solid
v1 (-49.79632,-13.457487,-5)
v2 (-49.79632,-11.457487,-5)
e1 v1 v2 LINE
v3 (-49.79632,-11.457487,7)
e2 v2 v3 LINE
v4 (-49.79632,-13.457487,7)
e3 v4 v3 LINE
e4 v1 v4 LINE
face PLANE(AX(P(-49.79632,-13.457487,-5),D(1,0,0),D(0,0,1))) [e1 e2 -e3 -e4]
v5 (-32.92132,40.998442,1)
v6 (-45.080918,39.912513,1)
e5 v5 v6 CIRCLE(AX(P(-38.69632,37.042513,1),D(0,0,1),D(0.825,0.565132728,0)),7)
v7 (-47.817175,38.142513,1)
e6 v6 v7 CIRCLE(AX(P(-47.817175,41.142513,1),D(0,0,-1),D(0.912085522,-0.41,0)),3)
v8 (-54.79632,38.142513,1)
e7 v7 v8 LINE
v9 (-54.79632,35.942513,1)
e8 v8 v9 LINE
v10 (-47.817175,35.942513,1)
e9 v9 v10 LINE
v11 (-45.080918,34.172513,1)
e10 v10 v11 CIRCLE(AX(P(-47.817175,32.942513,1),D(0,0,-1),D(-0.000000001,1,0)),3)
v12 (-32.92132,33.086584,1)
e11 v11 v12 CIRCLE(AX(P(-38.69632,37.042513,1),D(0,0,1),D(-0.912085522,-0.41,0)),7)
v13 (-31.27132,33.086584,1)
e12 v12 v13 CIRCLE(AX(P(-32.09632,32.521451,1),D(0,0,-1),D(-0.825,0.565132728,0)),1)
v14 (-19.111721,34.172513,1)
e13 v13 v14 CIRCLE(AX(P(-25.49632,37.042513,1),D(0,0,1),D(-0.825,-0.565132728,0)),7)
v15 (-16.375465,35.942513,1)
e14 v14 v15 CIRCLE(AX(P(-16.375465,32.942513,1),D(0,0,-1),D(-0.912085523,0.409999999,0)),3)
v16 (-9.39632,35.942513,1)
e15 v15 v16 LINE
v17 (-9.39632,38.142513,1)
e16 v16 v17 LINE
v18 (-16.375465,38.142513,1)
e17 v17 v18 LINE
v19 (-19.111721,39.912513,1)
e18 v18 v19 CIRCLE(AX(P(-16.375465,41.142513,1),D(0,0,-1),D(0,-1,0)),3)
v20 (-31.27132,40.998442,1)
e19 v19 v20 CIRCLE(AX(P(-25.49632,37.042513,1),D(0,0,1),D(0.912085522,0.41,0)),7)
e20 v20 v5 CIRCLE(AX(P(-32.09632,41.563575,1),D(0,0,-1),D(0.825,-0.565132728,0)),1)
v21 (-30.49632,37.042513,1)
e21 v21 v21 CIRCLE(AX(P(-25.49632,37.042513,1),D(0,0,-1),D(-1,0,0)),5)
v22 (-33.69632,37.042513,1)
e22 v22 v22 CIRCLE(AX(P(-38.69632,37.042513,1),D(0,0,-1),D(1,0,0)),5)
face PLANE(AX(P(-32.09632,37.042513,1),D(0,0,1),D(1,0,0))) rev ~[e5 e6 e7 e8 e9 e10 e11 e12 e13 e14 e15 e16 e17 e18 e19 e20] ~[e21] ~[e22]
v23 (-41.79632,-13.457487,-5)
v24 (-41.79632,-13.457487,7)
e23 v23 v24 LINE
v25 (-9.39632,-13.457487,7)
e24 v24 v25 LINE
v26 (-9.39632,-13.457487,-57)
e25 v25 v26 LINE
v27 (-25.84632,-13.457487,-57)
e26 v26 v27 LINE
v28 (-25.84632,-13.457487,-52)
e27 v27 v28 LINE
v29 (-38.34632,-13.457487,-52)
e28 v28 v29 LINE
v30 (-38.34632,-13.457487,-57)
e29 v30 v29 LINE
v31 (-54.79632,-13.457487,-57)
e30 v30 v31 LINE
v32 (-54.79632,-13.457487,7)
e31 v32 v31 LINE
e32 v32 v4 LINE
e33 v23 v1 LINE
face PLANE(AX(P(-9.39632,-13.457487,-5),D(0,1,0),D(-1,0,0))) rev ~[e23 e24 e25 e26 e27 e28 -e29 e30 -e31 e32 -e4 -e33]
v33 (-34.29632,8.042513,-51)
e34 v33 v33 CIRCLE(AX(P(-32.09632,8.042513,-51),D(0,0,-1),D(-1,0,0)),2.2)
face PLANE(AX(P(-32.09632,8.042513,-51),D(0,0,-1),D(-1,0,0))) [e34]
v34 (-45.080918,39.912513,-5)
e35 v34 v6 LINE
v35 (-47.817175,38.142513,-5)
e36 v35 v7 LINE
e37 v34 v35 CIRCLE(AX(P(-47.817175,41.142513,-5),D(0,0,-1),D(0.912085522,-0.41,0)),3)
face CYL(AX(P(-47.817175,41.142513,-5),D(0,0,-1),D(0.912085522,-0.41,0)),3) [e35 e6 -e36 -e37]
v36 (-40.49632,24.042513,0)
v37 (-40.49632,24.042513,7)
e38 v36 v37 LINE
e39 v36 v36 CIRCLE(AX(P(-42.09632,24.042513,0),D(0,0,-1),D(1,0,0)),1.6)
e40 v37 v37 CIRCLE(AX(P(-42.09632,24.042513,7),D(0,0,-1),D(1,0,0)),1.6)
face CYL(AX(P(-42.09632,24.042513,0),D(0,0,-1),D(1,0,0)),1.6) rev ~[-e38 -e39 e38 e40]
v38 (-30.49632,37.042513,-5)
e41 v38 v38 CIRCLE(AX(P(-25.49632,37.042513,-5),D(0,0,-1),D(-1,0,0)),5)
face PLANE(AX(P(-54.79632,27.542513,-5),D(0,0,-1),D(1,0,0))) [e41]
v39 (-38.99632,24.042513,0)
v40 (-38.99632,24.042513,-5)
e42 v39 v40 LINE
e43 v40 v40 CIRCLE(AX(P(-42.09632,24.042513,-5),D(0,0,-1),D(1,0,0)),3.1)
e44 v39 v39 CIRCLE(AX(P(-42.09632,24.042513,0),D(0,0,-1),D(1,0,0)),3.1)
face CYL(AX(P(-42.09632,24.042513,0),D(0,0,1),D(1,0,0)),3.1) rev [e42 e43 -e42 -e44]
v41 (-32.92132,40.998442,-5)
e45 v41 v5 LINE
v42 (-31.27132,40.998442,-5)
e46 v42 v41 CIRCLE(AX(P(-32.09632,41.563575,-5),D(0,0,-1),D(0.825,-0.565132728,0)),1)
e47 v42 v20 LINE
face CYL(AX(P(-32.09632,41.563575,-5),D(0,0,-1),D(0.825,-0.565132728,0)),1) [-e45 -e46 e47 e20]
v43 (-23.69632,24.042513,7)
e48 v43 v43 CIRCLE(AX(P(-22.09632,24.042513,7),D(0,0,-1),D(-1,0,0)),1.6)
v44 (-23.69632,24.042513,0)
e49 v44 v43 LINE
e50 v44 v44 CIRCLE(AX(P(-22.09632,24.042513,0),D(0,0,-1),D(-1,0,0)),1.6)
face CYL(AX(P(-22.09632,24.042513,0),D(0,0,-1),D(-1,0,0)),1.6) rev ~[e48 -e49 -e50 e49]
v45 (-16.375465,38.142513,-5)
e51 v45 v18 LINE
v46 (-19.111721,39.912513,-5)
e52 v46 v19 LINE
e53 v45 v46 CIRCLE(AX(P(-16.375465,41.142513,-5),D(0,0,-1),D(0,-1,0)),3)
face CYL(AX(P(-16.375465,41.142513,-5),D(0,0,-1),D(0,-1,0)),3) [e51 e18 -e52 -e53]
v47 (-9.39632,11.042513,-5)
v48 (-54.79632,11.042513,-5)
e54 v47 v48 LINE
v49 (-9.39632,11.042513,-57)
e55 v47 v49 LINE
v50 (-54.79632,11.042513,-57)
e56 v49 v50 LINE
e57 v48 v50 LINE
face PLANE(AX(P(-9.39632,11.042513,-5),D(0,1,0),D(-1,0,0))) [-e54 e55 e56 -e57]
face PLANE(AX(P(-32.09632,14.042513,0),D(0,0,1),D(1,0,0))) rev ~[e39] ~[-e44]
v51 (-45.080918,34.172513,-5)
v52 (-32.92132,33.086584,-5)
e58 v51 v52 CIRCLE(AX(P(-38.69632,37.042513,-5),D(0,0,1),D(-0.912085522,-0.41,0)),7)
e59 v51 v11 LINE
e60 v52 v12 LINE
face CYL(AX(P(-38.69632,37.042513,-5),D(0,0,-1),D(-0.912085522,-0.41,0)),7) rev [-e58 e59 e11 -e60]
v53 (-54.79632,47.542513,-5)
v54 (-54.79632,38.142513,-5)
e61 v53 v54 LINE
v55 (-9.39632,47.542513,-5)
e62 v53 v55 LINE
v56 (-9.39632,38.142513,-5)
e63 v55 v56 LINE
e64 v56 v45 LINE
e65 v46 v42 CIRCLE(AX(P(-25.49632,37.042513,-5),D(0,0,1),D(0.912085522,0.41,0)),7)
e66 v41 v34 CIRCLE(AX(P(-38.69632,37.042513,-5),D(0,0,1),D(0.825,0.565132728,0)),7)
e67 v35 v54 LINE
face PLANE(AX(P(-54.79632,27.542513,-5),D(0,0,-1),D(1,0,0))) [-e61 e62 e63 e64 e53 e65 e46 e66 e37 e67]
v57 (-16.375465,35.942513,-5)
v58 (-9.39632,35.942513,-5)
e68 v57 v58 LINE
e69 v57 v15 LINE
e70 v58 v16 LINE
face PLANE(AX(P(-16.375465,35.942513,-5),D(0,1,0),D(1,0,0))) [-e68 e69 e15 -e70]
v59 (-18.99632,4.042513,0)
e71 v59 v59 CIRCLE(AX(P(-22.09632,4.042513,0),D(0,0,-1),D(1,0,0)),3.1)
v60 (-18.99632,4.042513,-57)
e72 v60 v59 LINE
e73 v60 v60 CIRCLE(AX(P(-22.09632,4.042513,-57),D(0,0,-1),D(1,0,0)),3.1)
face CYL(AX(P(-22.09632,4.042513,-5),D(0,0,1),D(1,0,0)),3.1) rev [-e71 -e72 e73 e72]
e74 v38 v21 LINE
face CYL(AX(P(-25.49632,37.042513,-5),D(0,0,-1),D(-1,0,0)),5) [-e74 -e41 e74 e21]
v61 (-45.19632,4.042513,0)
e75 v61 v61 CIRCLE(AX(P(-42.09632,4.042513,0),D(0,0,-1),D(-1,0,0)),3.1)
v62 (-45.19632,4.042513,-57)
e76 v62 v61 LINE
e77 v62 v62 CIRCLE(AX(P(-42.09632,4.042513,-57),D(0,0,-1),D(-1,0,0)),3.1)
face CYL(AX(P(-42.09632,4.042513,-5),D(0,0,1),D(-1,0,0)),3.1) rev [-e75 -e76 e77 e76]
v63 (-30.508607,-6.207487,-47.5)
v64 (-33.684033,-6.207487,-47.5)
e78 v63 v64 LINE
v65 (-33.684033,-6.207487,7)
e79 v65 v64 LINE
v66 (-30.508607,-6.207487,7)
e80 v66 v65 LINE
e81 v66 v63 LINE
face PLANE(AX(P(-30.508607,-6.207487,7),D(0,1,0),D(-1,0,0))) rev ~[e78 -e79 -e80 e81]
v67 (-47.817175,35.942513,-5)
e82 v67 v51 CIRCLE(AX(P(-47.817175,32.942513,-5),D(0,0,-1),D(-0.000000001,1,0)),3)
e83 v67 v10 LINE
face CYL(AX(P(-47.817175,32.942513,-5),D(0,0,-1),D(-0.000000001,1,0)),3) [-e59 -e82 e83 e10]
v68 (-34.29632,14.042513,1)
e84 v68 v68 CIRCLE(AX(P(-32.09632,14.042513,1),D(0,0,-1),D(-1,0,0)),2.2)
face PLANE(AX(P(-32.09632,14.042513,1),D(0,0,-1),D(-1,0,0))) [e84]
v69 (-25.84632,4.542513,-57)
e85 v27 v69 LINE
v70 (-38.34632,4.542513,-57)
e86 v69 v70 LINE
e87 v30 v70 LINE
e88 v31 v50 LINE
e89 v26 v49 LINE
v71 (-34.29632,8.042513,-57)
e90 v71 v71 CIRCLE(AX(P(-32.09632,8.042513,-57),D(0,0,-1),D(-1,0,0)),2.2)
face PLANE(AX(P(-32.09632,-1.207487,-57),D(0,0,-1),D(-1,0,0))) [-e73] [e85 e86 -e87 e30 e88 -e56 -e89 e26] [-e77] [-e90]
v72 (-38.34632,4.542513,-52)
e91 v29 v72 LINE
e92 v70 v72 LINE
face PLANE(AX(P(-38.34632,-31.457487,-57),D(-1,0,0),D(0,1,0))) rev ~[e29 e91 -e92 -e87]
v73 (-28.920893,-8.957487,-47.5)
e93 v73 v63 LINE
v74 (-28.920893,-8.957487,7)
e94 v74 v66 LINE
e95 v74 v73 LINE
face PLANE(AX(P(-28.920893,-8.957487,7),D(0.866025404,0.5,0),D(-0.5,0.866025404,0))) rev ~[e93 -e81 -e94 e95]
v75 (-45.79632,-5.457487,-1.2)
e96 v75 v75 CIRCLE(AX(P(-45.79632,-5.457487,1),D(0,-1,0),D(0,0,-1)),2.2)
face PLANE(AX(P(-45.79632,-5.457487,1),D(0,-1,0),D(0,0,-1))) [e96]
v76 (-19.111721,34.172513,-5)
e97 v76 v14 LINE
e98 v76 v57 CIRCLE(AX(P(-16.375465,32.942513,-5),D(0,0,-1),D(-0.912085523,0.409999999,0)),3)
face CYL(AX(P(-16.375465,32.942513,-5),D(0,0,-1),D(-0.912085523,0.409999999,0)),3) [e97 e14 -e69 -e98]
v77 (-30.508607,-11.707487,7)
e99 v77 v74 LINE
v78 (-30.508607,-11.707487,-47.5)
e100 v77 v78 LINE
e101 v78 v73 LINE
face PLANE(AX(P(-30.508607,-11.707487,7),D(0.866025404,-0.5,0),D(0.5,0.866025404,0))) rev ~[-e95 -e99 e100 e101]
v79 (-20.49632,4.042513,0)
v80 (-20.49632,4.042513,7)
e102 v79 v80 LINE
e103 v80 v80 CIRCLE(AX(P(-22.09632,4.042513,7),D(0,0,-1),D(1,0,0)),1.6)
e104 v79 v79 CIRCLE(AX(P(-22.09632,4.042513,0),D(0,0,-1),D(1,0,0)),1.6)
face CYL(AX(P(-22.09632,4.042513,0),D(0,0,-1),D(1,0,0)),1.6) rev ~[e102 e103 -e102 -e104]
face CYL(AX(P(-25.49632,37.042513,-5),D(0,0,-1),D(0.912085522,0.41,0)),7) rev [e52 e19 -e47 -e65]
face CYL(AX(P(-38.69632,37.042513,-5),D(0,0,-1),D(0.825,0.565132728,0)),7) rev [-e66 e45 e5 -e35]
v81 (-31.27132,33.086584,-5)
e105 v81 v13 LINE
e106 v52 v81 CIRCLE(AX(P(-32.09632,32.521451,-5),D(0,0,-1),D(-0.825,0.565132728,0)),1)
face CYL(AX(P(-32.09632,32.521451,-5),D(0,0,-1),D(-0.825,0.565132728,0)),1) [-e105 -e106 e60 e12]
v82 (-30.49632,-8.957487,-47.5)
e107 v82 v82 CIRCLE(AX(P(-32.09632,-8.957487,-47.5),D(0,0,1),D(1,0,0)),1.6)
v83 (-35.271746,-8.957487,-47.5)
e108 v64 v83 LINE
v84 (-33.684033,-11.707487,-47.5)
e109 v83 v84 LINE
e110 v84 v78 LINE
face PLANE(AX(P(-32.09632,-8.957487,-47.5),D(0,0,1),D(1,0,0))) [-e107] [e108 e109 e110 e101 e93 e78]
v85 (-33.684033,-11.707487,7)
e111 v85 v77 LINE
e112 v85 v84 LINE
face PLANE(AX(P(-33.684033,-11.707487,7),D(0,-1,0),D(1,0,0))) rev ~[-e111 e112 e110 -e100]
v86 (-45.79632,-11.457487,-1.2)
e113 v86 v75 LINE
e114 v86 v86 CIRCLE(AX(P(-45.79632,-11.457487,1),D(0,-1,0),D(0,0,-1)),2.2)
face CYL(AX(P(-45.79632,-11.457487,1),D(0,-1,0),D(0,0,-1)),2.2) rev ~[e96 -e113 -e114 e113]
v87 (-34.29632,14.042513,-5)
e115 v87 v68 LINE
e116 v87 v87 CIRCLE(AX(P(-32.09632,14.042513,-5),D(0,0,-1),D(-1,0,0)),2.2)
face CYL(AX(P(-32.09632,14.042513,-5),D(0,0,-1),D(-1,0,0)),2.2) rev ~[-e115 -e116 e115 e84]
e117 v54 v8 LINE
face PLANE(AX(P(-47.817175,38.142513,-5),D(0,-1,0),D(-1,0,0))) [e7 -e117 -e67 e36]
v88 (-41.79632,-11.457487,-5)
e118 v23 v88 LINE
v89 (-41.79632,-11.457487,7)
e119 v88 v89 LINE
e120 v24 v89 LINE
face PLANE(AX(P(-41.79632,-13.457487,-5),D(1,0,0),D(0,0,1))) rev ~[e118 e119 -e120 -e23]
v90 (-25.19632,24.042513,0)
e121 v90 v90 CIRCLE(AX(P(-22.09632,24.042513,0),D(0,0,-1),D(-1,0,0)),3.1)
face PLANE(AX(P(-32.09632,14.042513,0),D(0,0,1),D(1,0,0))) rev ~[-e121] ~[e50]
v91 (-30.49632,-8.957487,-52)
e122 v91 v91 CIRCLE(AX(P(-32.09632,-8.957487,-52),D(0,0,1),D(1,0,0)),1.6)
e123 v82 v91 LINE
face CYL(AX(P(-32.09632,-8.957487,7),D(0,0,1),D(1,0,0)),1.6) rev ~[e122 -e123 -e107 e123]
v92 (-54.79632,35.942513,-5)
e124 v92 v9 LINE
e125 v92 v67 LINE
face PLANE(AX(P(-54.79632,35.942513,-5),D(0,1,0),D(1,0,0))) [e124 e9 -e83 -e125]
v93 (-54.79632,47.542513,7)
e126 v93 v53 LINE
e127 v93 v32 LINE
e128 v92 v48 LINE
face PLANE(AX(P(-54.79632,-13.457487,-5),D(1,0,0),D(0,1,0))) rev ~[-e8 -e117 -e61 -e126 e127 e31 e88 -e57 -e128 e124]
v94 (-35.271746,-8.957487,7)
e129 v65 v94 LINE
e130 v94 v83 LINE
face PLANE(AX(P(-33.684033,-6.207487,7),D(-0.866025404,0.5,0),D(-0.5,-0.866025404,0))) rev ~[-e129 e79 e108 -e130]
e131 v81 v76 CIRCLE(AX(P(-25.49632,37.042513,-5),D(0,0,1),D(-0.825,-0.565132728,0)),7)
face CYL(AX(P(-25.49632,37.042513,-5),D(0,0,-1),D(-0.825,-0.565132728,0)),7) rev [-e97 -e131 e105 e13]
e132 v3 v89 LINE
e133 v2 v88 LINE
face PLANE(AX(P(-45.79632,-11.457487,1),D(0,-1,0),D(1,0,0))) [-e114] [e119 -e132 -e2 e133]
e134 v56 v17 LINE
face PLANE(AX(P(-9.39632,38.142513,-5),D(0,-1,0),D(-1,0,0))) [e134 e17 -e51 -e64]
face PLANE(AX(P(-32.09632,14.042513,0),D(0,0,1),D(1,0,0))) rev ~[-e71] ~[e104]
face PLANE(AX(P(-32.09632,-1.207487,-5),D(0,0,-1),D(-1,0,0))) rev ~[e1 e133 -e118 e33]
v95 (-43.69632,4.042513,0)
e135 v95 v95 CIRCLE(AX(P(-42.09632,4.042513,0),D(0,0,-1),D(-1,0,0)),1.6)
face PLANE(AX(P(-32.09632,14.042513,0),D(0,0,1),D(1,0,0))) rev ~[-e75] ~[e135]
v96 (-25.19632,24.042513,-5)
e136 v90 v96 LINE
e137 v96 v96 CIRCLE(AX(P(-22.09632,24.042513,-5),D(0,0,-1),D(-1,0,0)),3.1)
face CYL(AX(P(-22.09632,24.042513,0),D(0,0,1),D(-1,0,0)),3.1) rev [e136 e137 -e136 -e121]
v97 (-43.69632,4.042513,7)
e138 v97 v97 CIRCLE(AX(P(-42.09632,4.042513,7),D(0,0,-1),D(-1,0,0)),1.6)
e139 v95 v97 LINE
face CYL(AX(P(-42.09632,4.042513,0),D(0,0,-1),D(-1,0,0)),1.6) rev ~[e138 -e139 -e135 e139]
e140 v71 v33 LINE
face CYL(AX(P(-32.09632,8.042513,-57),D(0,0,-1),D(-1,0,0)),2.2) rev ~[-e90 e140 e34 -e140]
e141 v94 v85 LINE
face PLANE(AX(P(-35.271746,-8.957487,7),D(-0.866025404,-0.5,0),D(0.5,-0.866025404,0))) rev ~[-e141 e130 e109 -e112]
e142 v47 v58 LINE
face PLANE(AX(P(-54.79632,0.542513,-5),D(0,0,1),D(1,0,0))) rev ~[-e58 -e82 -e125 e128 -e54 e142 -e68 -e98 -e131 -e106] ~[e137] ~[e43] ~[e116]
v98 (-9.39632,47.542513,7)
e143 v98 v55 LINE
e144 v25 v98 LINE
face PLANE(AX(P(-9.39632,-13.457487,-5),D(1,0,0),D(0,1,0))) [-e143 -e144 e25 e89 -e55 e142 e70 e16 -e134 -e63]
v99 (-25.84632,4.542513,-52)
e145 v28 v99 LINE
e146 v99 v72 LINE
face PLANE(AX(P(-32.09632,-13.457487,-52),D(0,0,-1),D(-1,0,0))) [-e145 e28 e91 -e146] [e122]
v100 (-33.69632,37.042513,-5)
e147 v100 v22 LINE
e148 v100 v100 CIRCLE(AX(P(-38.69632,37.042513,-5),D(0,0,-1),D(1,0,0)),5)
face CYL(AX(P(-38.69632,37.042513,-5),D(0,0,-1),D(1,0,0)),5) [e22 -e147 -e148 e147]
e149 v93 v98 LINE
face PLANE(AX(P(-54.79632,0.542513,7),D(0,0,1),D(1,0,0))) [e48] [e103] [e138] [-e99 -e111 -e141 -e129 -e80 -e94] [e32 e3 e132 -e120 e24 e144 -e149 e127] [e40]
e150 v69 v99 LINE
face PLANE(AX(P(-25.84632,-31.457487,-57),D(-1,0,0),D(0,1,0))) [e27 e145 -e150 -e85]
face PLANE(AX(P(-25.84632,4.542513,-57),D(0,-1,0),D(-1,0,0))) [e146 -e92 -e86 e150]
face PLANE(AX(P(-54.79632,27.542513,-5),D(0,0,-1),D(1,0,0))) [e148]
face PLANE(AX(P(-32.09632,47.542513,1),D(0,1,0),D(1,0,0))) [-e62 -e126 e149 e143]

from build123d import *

# Parameters (mm, degrees)
SKETCH_1_W           = 45.4
SKETCH_1_H           = 27
EXTRUDE_1_DEPTH      = 7
SKETCH_2_R           = 1.6
CUT_EXTRUDE_1_DEPTH  = 62.727033531
SKETCH_4_R           = 3.1
EXTRUDE_2_DEPTH      = 5
SKETCH_5_W           = 45.4
SKETCH_5_H           = 12
EXTRUDE_3_DEPTH      = 20
SKETCH_7_R           = 5
CUT_EXTRUDE_3_DEPTH  = 6
EXTRUDE_4_DEPTH      = 14
SKETCH_10_W          = 8
SKETCH_10_H          = 12
CUT_EXTRUDE_6_DEPTH  = 2
SKETCH_12_R          = 2.2
CUT_EXTRUDE_8_DEPTH  = 6
SKETCH_13_R          = 2.2
CUT_EXTRUDE_9_DEPTH  = 6
SKETCH_14_W          = 45.4
SKETCH_14_H          = 24.5
SKETCH_14_R          = 3.1
EXTRUDE_5_DEPTH      = 52
SKETCH_15_W          = 12.5
SKETCH_15_H          = 36
CUT_EXTRUDE_10_DEPTH = 5
SKETCH_9_R           = 1.6
CUT_EXTRUDE_4_DEPTH  = 97.741548345
CUT_EXTRUDE_5_DEPTH  = 54.5
SKETCH_16_R          = 2.2
CUT_EXTRUDE_11_DEPTH = 6


with BuildPart() as part:
    # 草图1 → 凸台-拉伸1 (new body)
    with BuildSketch(Plane.XY):
        with Locations((-32.096319797, 14.04251269)):
            Rectangle(SKETCH_1_W, SKETCH_1_H)
    extrude(amount=EXTRUDE_1_DEPTH)

    # 草图2 → 切除-拉伸1 (cut, through all)
    with BuildSketch(Plane(origin=(0, 0, 0), x_dir=(-1, 0, 0), z_dir=(0, 0, -1))):
        with Locations((22.096319797, 24.04251269)):
            Circle(SKETCH_2_R)
        with Locations(Location((42.096319797, 24.04251269, 0), (0, 0, 180))):
            Circle(SKETCH_2_R)
        with Locations((42.096319797, 4.04251269)):
            Circle(SKETCH_2_R)
        with Locations(Location((22.096319797, 4.04251269, 0), (0, 0, 180))):
            Circle(SKETCH_2_R)
    extrude(amount=-CUT_EXTRUDE_1_DEPTH, mode=Mode.SUBTRACT)

    # 草图4 → 凸台-拉伸2 (add)
    with BuildSketch(Plane(origin=(0, 0, 0), x_dir=(-1, 0, 0), z_dir=(0, 0, -1))):
        Polygon((38.346319797, 0.54251269), (54.796319797, 0.54251269), (54.796319797, 27.54251269), (9.396319797, 27.54251269), (9.396319797, 0.54251269), (25.846319797, 0.54251269), align=None)
        with Locations(Location((42.096319797, 24.04251269, 0), (0, 0, 180))):
            Circle(SKETCH_4_R, mode=Mode.SUBTRACT)
        with Locations((22.096319797, 24.04251269)):
            Circle(SKETCH_4_R, mode=Mode.SUBTRACT)
        with Locations((42.096319797, 4.04251269)):
            Circle(SKETCH_4_R, mode=Mode.SUBTRACT)
        with Locations(Location((22.096319797, 4.04251269, 0), (0, 0, 180))):
            Circle(SKETCH_4_R, mode=Mode.SUBTRACT)
    extrude(amount=EXTRUDE_2_DEPTH)

    # 草图5 → 凸台-拉伸3 (add)
    with BuildSketch(Plane(origin=(0, 27.54251269, 0), x_dir=(1, 0, 0), z_dir=(0, 1, 0))):
        with Locations((-32.096319797, -1)):
            Rectangle(SKETCH_5_W, SKETCH_5_H)
    extrude(amount=EXTRUDE_3_DEPTH)

    # 草图7 → 切除-拉伸3 (cut)
    with BuildSketch(Plane(origin=(0, 0, -5), x_dir=(-1, 0, 0), z_dir=(0, 0, -1))):
        with BuildLine():
            Line((9.396319797, 38.14251269), (16.375464574, 38.14251269))
            ThreePointArc((16.375464574, 38.14251269), (18.004881648, 38.623584347), (19.111721141, 39.91251269))
            ThreePointArc((19.111721141, 39.91251269), (24.873653651, 44.014763896), (31.271319797, 40.998441785))
            ThreePointArc((31.271319797, 40.998441785), (32.096319797, 40.563574513), (32.921319797, 40.998441785))
            ThreePointArc((32.921319797, 40.998441785), (39.318985943, 44.014763896), (45.080918453, 39.91251269))
            ThreePointArc((45.080918453, 39.91251269), (46.187757946, 38.623584347), (47.81717502, 38.14251269))
            Line((47.81717502, 38.14251269), (54.796319797, 38.14251269))
            Line((54.796319797, 38.14251269), (54.796319797, 35.94251269))
            Line((54.796319797, 35.94251269), (47.81717502, 35.94251269))
            ThreePointArc((47.81717502, 35.94251269), (46.187757946, 35.461441034), (45.080918453, 34.17251269))
            ThreePointArc((45.080918453, 34.17251269), (39.318985943, 30.070261485), (32.921319797, 33.086583596))
            ThreePointArc((32.921319797, 33.086583596), (32.096319797, 33.521450868), (31.271319797, 33.086583596))
            ThreePointArc((31.271319797, 33.086583596), (24.873653651, 30.070261485), (19.111721141, 34.17251269))
            ThreePointArc((19.111721141, 34.17251269), (18.004881648, 35.461441034), (16.375464574, 35.94251269))
            Line((16.375464574, 35.94251269), (9.396319797, 35.94251269))
            Line((9.396319797, 35.94251269), (9.396319797, 38.14251269))
        make_face()
        with Locations((25.496319797, 37.04251269)):
            Circle(SKETCH_7_R, mode=Mode.SUBTRACT)
        with Locations(Location((38.696319797, 37.04251269, 0), (0, 0, 180))):
            Circle(SKETCH_7_R, mode=Mode.SUBTRACT)
    extrude(amount=-CUT_EXTRUDE_3_DEPTH, mode=Mode.SUBTRACT)

    # 草图8 → 凸台-拉伸4 (add)
    with BuildSketch(Plane.XZ.offset(-0.54251269)):
        Polygon((-54.796319797, 7), (-9.396319797, 7), (-9.396319797, -5), (-25.846319797, -5), (-38.346319797, -5), (-54.796319797, -5), align=None)
    extrude(amount=EXTRUDE_4_DEPTH)

    # 草图10 → 切除-拉伸6 (cut)
    with BuildSketch(Plane.XZ.offset(13.45748731)):
        with Locations((-45.796319797, 1)):
            Rectangle(SKETCH_10_W, SKETCH_10_H)
    extrude(amount=-CUT_EXTRUDE_6_DEPTH, mode=Mode.SUBTRACT)

    # 草图12 → 切除-拉伸8 (cut)
    with BuildSketch(Plane.XZ.offset(11.45748731)):
        with Locations(Location((-45.796319797, 1, 0), (0, 0, 270))):
            Circle(SKETCH_12_R)
    extrude(amount=-CUT_EXTRUDE_8_DEPTH, mode=Mode.SUBTRACT)

    # 草图13 → 切除-拉伸9 (cut)
    with BuildSketch(Plane(origin=(0, 0, -5), x_dir=(-1, 0, 0), z_dir=(0, 0, -1))):
        with Locations((32.096319797, 14.04251269)):
            Circle(SKETCH_13_R)
    extrude(amount=-CUT_EXTRUDE_9_DEPTH, mode=Mode.SUBTRACT)

    # 草图14 → 凸台-拉伸5 (add)
    with BuildSketch(Plane(origin=(0, 0, -5), x_dir=(-1, 0, 0), z_dir=(0, 0, -1))):
        with Locations((32.096319797, -1.20748731)):
            Rectangle(SKETCH_14_W, SKETCH_14_H)
        with Locations(Location((22.096319797, 4.04251269, 0), (0, 0, 180))):
            Circle(SKETCH_14_R, mode=Mode.SUBTRACT)
        with Locations((42.096319797, 4.04251269)):
            Circle(SKETCH_14_R, mode=Mode.SUBTRACT)
    extrude(amount=EXTRUDE_5_DEPTH)

    # 草图15 → 切除-拉伸10 (cut)
    with BuildSketch(Plane(origin=(0, 0, -57), x_dir=(-1, 0, 0), z_dir=(0, 0, -1))):
        with Locations((32.096319797, -13.45748731)):
            Rectangle(SKETCH_15_W, SKETCH_15_H)
    extrude(amount=-CUT_EXTRUDE_10_DEPTH, mode=Mode.SUBTRACT)

    # 草图9 → 切除-拉伸4 (cut, through all)
    with BuildSketch(Plane.XY.offset(7)):
        with Locations((-32.096319797, -8.95748731)):
            Circle(SKETCH_9_R)
    extrude(amount=-CUT_EXTRUDE_4_DEPTH, mode=Mode.SUBTRACT)

    # 草图3 → 切除-拉伸5 (cut)
    with BuildSketch(Plane.XY.offset(7)):
        Polygon((-28.920893316, -8.95748731), (-30.508606557, -6.20748731), (-33.684033037, -6.20748731), (-35.271746277, -8.95748731), (-33.684033037, -11.70748731), (-30.508606557, -11.70748731), align=None)
    extrude(amount=-CUT_EXTRUDE_5_DEPTH, mode=Mode.SUBTRACT)

    # 草图16 → 切除-拉伸11 (cut)
    with BuildSketch(Plane(origin=(0, 0, -57), x_dir=(-1, 0, 0), z_dir=(0, 0, -1))):
        with Locations((32.096319797, 8.04251269)):
            Circle(SKETCH_16_R)
    extrude(amount=-CUT_EXTRUDE_11_DEPTH, mode=Mode.SUBTRACT)


solid = part.part
